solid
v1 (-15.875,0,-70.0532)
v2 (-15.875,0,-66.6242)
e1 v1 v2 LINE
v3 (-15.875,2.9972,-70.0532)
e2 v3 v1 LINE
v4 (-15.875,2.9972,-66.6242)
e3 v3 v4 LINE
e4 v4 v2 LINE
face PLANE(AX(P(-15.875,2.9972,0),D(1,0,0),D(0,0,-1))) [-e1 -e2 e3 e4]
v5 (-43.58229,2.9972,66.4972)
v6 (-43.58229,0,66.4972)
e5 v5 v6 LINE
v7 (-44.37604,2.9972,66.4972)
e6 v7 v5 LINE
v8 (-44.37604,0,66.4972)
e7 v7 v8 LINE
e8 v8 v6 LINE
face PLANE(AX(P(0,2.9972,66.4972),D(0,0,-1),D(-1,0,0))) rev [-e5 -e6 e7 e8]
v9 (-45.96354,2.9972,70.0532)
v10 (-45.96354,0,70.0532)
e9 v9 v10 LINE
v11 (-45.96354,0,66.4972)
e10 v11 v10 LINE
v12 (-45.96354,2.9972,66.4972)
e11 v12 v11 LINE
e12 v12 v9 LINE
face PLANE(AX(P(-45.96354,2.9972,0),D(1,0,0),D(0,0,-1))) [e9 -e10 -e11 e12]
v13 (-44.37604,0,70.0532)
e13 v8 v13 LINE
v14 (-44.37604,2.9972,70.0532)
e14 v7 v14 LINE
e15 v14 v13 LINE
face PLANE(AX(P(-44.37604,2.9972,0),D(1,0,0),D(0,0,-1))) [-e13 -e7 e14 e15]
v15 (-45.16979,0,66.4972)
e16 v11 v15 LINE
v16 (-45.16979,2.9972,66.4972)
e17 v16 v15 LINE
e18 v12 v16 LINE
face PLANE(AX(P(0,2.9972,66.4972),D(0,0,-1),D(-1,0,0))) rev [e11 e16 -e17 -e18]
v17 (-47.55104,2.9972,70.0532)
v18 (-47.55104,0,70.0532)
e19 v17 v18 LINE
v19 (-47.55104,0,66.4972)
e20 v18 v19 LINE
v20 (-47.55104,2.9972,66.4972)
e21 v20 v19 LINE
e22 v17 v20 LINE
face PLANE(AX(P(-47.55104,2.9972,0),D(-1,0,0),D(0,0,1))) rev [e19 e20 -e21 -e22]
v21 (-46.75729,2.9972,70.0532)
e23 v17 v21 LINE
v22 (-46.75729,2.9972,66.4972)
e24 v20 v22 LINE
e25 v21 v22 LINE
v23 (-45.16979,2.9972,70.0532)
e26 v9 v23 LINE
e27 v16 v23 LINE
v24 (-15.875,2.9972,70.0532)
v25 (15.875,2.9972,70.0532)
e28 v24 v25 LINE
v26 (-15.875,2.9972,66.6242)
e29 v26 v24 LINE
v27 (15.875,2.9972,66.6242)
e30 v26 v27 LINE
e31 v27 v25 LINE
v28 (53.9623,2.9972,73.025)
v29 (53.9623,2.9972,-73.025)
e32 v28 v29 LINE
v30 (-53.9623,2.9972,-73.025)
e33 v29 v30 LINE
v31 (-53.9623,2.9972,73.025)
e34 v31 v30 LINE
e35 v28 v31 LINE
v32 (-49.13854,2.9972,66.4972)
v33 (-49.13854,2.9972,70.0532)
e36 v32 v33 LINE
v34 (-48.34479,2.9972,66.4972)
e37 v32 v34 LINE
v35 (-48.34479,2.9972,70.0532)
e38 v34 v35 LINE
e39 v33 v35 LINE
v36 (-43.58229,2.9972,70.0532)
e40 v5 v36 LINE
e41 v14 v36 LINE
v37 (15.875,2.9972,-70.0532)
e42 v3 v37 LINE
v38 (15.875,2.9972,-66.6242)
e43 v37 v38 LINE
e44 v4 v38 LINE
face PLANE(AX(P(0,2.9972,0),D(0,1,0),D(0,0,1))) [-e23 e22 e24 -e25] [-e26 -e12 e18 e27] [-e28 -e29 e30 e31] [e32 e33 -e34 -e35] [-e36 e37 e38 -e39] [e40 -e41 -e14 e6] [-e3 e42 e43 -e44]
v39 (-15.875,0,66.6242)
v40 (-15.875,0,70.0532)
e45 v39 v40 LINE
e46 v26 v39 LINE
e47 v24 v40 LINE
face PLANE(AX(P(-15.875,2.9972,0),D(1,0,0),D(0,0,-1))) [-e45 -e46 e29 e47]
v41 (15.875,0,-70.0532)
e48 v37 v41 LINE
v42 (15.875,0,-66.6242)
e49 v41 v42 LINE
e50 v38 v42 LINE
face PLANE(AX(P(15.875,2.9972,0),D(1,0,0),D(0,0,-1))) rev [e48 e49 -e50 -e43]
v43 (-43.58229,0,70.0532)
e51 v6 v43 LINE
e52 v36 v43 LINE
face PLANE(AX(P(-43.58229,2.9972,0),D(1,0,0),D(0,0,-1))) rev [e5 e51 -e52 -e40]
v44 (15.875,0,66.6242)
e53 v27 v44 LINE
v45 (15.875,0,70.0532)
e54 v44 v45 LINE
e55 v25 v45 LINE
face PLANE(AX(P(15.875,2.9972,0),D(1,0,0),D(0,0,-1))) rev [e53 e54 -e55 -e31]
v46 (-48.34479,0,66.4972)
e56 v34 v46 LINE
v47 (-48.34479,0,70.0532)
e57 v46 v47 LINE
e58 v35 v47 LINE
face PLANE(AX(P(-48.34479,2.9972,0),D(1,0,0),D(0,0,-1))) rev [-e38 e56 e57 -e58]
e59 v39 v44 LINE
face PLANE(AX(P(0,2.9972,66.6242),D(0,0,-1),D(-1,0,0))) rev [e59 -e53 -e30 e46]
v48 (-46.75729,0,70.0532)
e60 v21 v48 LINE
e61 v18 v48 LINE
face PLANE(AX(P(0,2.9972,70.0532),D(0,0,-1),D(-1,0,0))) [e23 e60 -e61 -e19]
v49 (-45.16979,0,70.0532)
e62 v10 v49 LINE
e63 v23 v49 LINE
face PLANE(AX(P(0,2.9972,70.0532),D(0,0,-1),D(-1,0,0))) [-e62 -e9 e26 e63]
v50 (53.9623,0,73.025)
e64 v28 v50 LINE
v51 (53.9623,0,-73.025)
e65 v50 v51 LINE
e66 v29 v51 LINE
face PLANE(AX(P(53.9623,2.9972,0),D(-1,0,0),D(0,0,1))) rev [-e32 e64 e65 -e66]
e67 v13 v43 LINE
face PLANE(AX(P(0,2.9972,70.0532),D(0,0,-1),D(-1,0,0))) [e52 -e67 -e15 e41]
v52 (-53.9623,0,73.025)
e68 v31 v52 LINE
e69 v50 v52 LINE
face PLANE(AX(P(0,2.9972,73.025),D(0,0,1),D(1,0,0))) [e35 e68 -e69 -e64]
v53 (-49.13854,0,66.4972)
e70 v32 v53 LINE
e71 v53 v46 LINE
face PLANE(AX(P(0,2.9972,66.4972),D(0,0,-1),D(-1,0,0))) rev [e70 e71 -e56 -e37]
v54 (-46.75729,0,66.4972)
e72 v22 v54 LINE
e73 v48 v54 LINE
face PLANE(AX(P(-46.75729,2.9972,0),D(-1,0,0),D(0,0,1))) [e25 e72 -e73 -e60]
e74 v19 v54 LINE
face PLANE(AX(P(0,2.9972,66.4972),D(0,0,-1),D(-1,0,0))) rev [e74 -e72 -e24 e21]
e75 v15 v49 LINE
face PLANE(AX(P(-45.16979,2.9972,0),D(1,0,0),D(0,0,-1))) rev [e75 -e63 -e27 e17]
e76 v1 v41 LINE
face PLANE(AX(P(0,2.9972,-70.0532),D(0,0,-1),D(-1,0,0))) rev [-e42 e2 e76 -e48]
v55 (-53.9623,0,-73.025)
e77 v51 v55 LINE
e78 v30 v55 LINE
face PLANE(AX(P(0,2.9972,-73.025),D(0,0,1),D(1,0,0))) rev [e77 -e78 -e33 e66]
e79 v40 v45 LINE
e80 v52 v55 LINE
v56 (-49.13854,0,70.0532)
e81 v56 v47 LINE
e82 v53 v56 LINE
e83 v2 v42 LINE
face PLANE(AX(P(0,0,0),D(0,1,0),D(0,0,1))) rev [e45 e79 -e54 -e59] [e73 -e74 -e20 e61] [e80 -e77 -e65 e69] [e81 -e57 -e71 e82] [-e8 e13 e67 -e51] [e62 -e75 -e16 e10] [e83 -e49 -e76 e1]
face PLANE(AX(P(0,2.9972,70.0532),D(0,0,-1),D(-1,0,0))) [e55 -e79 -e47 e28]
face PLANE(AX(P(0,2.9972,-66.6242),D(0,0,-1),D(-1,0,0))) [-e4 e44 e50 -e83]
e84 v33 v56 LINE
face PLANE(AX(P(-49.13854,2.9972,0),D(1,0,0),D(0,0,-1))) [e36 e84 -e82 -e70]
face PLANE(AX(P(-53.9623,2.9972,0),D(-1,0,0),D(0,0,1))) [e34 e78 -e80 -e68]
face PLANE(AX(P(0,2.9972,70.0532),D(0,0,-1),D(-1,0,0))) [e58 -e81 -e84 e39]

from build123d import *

# Parameters (mm, degrees)
SKETCH1_W           = 107.9246
SKETCH1_H           = 146.05
SKETCH1_W_2         = 31.75
SKETCH1_H_2         = 3.429
SKETCH1_W_3         = 0.79375
SKETCH1_H_3         = 3.556
BOSS_EXTRUDE1_DEPTH = 2.9972


with BuildPart() as part:
    # Sketch1 → Boss-Extrude1 (new body)
    with BuildSketch(Plane(origin=(0, 0, 0), x_dir=(1, 0, 0), z_dir=(0, 1, 0))):
        Rectangle(SKETCH1_W, SKETCH1_H)
        with Locations((0, 68.3387)):
            Rectangle(SKETCH1_W_2, SKETCH1_H_2, mode=Mode.SUBTRACT)
        with Locations((0, -68.3387)):
            Rectangle(SKETCH1_W_2, SKETCH1_H_2, mode=Mode.SUBTRACT)
        with Locations((-48.741664617, -68.2752)):
            Rectangle(SKETCH1_W_3, SKETCH1_H_3, mode=Mode.SUBTRACT)
        with Locations((-47.154164617, -68.2752)):
            Rectangle(SKETCH1_W_3, SKETCH1_H_3, mode=Mode.SUBTRACT)
        with Locations((-45.566664617, -68.2752)):
            Rectangle(SKETCH1_W_3, SKETCH1_H_3, mode=Mode.SUBTRACT)
        with Locations((-43.979164617, -68.2752)):
            Rectangle(SKETCH1_W_3, SKETCH1_H_3, mode=Mode.SUBTRACT)
    extrude(amount=BOSS_EXTRUDE1_DEPTH)


solid = part.part
